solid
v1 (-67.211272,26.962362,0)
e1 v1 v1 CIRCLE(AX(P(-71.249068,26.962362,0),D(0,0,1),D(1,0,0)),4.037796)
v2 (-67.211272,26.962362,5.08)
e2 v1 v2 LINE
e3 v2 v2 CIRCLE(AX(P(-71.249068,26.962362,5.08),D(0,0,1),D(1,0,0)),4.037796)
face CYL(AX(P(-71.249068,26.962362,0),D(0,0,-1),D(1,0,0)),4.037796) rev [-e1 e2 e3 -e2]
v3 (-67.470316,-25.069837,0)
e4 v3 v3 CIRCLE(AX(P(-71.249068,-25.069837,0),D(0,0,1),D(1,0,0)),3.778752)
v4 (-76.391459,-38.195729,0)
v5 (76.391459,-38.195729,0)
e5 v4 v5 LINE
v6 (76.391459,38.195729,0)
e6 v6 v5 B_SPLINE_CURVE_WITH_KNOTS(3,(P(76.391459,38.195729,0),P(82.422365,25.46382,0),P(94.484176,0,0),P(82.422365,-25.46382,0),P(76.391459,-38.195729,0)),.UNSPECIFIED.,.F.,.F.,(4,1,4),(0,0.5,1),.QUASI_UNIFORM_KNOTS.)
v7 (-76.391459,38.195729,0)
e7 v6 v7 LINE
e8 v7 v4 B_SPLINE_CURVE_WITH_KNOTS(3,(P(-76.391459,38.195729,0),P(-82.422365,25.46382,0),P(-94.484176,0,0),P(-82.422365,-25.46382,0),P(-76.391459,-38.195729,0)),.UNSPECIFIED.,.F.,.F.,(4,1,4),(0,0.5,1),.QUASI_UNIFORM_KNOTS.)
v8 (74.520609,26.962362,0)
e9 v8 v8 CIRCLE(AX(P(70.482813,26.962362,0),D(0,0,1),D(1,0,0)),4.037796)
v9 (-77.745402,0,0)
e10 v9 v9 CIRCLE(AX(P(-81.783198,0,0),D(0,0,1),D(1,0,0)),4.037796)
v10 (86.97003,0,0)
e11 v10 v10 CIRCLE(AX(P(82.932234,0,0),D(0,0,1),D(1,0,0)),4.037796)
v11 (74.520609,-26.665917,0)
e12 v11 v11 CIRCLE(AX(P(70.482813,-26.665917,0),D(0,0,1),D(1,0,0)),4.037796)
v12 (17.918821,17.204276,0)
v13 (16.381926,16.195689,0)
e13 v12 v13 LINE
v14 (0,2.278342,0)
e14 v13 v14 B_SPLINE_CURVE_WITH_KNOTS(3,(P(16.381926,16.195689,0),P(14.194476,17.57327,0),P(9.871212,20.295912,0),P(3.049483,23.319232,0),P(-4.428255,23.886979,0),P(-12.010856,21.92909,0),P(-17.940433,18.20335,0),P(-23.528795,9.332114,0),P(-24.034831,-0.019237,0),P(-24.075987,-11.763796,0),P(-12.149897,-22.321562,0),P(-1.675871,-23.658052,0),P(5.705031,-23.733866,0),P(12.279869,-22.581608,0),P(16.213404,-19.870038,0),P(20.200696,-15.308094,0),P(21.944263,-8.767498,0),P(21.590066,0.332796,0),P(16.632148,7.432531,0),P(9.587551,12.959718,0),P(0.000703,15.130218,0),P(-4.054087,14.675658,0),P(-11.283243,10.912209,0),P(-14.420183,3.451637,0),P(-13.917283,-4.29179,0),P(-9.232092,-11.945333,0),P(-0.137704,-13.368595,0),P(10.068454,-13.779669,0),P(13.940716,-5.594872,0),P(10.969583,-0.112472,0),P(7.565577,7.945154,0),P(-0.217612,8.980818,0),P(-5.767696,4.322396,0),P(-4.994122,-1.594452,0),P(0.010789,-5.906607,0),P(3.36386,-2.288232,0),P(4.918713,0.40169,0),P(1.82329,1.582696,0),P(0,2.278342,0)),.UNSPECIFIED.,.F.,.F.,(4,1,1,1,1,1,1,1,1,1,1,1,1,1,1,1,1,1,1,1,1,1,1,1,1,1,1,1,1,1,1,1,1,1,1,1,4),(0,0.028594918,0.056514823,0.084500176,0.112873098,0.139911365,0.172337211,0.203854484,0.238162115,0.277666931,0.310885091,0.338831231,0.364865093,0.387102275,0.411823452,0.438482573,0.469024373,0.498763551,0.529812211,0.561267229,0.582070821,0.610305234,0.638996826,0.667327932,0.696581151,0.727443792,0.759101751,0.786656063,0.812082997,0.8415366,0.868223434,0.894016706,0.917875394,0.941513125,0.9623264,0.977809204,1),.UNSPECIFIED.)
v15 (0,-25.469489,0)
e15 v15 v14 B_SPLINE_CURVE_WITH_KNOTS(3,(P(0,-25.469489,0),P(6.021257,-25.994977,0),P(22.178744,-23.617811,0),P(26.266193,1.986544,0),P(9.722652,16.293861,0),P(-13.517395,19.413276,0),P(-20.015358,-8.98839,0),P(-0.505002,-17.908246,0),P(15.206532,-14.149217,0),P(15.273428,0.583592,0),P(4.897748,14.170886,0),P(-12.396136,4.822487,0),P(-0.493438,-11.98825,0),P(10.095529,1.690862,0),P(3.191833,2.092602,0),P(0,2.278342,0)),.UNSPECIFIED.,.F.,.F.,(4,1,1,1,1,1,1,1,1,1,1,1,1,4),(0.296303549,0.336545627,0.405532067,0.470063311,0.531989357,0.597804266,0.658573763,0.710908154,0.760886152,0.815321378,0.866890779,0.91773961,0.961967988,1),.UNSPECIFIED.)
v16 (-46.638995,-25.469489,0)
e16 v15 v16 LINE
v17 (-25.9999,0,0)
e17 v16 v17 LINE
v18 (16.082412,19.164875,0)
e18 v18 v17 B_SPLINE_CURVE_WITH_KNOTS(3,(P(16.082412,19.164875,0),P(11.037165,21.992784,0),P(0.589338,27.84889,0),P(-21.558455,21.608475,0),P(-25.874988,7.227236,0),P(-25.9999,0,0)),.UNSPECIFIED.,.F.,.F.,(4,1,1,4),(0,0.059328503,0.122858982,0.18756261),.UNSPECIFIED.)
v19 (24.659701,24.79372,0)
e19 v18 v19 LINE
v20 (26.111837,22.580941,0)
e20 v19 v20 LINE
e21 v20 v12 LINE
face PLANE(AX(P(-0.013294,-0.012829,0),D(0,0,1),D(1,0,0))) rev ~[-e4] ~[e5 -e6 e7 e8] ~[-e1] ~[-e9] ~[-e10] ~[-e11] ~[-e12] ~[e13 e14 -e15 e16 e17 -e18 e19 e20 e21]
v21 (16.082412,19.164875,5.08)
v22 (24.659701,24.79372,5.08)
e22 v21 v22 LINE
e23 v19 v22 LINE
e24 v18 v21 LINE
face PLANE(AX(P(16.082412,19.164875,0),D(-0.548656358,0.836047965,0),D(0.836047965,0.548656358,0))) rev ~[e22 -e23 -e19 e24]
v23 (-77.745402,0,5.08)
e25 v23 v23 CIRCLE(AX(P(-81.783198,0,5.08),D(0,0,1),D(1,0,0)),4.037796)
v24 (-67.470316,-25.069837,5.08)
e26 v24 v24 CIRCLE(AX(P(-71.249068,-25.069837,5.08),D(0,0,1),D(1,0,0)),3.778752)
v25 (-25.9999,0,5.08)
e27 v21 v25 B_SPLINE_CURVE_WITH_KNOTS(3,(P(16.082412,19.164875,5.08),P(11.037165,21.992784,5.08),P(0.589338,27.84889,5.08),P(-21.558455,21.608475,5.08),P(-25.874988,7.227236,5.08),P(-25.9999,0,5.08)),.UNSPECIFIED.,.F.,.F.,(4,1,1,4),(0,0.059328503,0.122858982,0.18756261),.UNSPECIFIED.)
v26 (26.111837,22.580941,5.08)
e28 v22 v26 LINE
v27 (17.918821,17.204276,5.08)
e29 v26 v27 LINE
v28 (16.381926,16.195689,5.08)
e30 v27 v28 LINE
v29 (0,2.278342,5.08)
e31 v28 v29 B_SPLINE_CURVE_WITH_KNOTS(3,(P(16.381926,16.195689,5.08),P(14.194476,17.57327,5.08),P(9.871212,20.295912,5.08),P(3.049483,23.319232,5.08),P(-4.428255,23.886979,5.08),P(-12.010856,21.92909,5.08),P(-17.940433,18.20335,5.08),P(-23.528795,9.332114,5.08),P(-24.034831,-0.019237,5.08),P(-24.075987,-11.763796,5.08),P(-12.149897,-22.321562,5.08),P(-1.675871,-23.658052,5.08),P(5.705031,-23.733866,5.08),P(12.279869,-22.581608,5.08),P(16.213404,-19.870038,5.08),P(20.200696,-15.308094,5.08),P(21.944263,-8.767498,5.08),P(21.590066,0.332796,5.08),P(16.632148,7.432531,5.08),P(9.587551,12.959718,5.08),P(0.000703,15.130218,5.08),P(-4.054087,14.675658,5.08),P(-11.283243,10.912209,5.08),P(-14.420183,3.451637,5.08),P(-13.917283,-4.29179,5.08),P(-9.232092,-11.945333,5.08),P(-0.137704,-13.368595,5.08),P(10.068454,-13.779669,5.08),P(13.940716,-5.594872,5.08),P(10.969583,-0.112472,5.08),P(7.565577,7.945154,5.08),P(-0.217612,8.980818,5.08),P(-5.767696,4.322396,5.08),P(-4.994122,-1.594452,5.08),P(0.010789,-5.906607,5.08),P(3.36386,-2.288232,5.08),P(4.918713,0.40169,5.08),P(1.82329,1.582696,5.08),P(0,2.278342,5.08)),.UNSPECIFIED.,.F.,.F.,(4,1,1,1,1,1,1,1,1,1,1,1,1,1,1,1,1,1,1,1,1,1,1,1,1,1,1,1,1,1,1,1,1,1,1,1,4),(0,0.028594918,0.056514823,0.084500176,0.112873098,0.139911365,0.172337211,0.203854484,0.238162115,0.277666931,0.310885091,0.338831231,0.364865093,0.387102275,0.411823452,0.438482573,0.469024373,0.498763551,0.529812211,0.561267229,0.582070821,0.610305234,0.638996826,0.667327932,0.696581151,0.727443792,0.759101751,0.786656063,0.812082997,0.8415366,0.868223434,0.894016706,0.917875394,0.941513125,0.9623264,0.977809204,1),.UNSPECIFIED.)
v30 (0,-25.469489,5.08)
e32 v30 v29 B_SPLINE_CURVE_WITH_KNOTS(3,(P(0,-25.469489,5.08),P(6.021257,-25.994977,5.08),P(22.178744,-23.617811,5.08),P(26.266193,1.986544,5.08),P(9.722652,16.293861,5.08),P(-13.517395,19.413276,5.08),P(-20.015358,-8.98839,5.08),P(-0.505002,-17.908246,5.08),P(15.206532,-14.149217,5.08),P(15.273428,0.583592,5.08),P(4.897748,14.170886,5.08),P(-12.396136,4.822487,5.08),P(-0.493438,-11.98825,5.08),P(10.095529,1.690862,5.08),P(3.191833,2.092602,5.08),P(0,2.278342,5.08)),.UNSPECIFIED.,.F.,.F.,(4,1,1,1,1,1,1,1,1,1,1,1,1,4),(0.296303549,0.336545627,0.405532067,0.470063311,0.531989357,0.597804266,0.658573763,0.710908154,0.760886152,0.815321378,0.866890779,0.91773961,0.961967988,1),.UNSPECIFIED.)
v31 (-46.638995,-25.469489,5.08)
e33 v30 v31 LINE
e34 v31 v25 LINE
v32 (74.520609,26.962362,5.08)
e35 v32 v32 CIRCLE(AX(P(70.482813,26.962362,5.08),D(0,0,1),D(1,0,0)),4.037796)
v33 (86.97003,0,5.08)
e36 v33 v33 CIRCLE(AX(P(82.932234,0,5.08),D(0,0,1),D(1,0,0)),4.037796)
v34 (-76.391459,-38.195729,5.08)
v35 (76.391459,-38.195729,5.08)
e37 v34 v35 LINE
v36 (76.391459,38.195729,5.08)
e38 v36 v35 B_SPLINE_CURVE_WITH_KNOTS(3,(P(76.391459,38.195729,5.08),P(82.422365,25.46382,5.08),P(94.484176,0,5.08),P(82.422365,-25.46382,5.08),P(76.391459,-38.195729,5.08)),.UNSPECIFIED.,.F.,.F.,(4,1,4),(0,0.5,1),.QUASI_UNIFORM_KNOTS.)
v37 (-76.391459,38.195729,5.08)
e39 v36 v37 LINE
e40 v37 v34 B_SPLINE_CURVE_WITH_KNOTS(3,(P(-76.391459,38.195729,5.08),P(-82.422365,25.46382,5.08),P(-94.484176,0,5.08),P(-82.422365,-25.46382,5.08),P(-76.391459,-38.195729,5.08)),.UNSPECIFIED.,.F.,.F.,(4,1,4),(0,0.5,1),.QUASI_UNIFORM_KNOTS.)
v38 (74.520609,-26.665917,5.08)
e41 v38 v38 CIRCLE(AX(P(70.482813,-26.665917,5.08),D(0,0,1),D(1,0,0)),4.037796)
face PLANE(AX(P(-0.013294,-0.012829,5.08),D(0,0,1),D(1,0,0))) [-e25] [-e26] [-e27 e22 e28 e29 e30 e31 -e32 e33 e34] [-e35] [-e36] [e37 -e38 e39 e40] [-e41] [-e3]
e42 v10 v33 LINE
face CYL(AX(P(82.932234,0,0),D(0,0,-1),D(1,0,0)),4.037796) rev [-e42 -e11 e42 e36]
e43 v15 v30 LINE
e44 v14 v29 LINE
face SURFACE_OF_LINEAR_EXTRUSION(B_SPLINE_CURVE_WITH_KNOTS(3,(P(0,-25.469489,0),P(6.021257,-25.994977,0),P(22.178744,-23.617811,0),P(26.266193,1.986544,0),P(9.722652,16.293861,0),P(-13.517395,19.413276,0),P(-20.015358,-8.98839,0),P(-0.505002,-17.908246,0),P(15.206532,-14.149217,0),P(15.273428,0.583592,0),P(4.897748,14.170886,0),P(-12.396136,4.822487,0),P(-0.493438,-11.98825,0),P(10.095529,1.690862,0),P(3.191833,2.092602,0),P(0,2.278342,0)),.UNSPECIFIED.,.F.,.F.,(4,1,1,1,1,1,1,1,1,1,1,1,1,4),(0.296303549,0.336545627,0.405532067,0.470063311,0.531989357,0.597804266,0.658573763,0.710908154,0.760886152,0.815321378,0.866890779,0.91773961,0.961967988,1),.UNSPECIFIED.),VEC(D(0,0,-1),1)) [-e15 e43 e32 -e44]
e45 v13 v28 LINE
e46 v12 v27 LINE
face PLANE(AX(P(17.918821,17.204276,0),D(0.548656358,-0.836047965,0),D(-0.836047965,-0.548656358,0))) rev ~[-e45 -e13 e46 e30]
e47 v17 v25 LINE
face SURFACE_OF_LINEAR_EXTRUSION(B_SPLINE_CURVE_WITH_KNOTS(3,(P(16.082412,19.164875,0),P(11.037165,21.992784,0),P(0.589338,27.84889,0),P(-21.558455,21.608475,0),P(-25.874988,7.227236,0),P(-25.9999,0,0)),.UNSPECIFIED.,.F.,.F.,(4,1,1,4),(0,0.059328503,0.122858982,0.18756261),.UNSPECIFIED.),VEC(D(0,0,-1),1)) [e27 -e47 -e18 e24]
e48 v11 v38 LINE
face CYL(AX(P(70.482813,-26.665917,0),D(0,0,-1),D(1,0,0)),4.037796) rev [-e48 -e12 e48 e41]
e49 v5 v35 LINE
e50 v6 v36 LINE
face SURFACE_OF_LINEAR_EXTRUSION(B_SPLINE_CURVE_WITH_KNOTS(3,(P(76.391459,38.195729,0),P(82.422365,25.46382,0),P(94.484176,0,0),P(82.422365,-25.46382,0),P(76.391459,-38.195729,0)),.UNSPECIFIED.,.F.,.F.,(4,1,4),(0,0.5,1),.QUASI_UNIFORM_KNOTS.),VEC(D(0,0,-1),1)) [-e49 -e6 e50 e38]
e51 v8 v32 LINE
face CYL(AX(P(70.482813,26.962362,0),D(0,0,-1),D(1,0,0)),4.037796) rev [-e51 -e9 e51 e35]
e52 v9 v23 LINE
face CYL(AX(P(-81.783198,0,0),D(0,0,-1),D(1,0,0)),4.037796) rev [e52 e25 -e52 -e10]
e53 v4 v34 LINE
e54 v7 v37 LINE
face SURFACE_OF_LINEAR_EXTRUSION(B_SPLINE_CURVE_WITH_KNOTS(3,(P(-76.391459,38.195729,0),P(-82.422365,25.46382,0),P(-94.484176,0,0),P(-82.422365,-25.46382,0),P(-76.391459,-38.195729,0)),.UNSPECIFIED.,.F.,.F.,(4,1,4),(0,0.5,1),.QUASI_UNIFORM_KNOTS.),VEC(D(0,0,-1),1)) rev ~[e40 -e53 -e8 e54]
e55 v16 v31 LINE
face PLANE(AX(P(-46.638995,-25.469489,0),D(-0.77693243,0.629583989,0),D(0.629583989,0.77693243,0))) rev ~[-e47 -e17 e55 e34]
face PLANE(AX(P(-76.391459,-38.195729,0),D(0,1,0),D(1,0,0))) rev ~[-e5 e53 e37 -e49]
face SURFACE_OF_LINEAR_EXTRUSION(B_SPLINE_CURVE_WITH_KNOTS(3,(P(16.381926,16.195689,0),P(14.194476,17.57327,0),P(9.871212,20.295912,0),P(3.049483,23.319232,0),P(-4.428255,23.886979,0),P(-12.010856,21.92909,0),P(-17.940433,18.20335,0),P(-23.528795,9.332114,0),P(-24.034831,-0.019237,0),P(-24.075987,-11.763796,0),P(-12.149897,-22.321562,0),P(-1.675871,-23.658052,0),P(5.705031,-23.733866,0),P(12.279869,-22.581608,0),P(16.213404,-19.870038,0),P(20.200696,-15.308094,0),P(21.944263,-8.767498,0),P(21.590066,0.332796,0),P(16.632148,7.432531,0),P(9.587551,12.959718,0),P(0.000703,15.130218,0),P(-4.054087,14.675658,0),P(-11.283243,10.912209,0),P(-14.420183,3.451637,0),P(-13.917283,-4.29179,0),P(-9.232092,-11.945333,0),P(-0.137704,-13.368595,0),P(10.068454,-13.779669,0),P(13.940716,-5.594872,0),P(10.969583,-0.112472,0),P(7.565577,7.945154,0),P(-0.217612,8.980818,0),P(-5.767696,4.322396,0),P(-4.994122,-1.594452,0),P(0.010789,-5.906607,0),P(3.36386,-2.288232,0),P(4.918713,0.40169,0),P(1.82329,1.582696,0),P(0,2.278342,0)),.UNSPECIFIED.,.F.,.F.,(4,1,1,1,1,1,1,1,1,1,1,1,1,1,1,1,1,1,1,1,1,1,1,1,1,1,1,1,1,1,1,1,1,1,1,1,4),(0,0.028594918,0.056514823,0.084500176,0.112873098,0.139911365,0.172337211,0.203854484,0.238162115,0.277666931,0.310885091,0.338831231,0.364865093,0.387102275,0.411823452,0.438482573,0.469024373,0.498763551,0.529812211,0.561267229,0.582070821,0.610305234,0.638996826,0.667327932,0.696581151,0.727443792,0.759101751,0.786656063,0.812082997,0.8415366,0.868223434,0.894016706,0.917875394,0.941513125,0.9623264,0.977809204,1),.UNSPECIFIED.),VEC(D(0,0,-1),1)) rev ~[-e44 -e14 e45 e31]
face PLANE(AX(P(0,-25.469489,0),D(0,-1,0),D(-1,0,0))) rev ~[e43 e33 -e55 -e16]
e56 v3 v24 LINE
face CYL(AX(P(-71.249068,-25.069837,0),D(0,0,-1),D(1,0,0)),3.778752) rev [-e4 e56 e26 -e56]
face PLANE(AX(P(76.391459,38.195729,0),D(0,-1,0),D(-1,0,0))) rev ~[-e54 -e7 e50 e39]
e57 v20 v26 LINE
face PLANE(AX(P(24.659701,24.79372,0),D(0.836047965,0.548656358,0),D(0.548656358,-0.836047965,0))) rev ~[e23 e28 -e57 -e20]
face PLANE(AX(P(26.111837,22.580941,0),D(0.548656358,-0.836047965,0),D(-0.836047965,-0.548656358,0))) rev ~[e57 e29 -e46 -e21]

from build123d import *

# Parameters (mm, degrees)
F0_R     = 3.7787519417
F0_R_2   = 4.0377959095
F1_DEPTH = 5.08
F2_DEPTH = 5.08


with BuildPart() as f1:
    # F0 (on Top) → F1 (new body)
    with BuildSketch(Plane.XY):
        with BuildLine():
            Line((76.3914585114, 38.1957292557), (0, 38.1957292557))
            Line((0, 38.1957292557), (-22.5648546397, 38.1957292557))
            add(Edge.make_bspline(
                [(-40.8889541995, 38.1957292557), (-34.7211953947, 36.637008824), (-27.9158040374, 36.4560822958), (-22.5648546397, 38.1957292557)],
                knots=[0.2817975312, 0.2817975312, 0.2817975312, 0.2817975312, 0.3242989249, 0.3242989249, 0.3242989249, 0.3242989249], degree=3))
            Line((-40.8889541995, 38.1957292557), (-76.3914585114, 38.1957292557))
            add(Edge.make_bspline(
                [(-76.3914585114, 38.1957292557), (-82.4223645031, 25.4638195038), (-94.4841764867, 0), (-82.4223645031, -25.4638195038), (-76.3914585114, -38.1957292557)],
                knots=[0, 0, 0, 0, 0.5, 1, 1, 1, 1], degree=3))
            Line((-76.3914585114, -38.1957292557), (0, -38.1957292557))
            Line((0, -38.1957292557), (76.3914585114, -38.1957292557))
            add(Edge.make_bspline(
                [(76.3914585114, 38.1957292557), (82.4223645031, 25.4638195038), (94.4841764867, 0), (82.4223645031, -25.4638195038), (76.3914585114, -38.1957292557)],
                knots=[0, 0, 0, 0, 0.5, 1, 1, 1, 1], degree=3))
        make_face()
        with Locations((-71.2490677834, -25.0698365271)):
            Circle(F0_R, mode=Mode.SUBTRACT)
        with Locations((70.4828128219, -26.6659166664)):
            Circle(F0_R_2, mode=Mode.SUBTRACT)
        with Locations((-81.7831978202, 0)):
            Circle(F0_R_2, mode=Mode.SUBTRACT)
        with BuildLine():
            add(Edge.make_bspline(
                [(16.0824116319, 19.1648751497), (11.0371645032, 21.9927841214), (0.5893376288, 27.8488903932), (-21.5584551846, 21.6084745712), (-25.8749879463, 7.2272355313), (-25.9998999536, 0)],
                knots=[0, 0, 0, 0, 0.0593285028, 0.122858982, 0.1875626095, 0.1875626095, 0.1875626095, 0.1875626095], degree=3))
            Line((16.0824116319, 19.1648751497), (24.6597006917, 24.7937198728))
            Line((24.6597006917, 24.7937198728), (26.111836532, 22.580940969))
            Line((26.111836532, 22.580940969), (17.9188209011, 17.2042756289))
            Line((17.9188209011, 17.2042756289), (16.381926274, 16.1956887488))
            add(Edge.make_bspline(
                [(16.381926274, 16.1956887488), (14.1944757295, 17.5732696778), (9.871211708, 20.295912291), (3.0494832614, 23.3192317641), (-4.4282551272, 23.8869789557), (-12.0108559827, 21.9290897341), (-17.9404329976, 18.2033501808), (-23.5287952094, 9.3321135613), (-24.0348308476, -0.0192366054), (-24.0759867659, -11.7637963204), (-12.1498971788, -22.321562261), (-1.6758714904, -23.6580522915), (5.7050307728, -23.7338662743), (12.2798685455, -22.5816075788), (16.2134039593, -19.8700384097), (20.2006962064, -15.3080937159), (21.94426313, -8.7674980033), (21.5900657351, 0.3327958522), (16.6321479041, 7.4325306143), (9.5875509661, 12.9597183602), (0.0007034373, 15.1302182285), (-4.0540867158, 14.6756583848), (-11.2832427089, 10.9122091065), (-14.4201831232, 3.4516371288), (-13.9172830677, -4.2917898459), (-9.2320923768, -11.9453332165), (-0.1377039314, -13.3685952827), (10.0684536606, -13.7796692705), (13.9407164537, -5.5948715062), (10.9695829574, -0.1124717167), (7.5655766381, 7.9451543463), (-0.217611534, 8.9808183426), (-5.7676955098, 4.3223959308), (-4.9941223785, -1.5944520271), (0.0107892993, -5.9066066463), (3.3638599633, -2.288232212), (4.9187132739, 0.4016900411), (1.823290151, 1.5826962413), (0, 2.2783416789)],
                knots=[0, 0, 0, 0, 0.028594918, 0.0565148228, 0.0845001763, 0.1128730976, 0.1399113652, 0.1723372113, 0.203854484, 0.2381621152, 0.2776669315, 0.3108850914, 0.3388312312, 0.3648650929, 0.3871022745, 0.4118234519, 0.4384825725, 0.4690243729, 0.498763551, 0.5298122114, 0.5612672287, 0.5820708206, 0.6103052345, 0.6389968261, 0.6673279316, 0.6965811515, 0.727443792, 0.759101751, 0.7866560628, 0.8120829972, 0.8415365999, 0.8682234344, 0.8940167061, 0.9178753942, 0.9415131255, 0.9623264003, 0.9778092039, 1, 1, 1, 1], degree=3))
            add(Edge.make_bspline(
                [(0, -25.4694891454), (6.0212567343, -25.9949773313), (22.1787441194, -23.6178108846), (26.2661928073, 1.986543979), (9.7226515112, 16.2938611097), (-13.5173949154, 19.4132763358), (-20.015358443, -8.9883902426), (-0.5050016078, -17.9082455598), (15.2065324186, -14.1492166648), (15.2734281638, 0.5835924558), (4.8977484454, 14.1708859416), (-12.3961359634, 4.8224869596), (-0.4934383857, -11.9882499871), (10.0955294907, 1.6908619906), (3.1918333574, 2.092602311), (0, 2.2783416789)],
                knots=[0.2963035494, 0.2963035494, 0.2963035494, 0.2963035494, 0.3365456266, 0.4055320666, 0.4700633109, 0.5319893575, 0.5978042659, 0.6585737627, 0.710908154, 0.7608861517, 0.8153213782, 0.8668907787, 0.9177396101, 0.9619679877, 1, 1, 1, 1], degree=3))
            Line((0, -25.4694891454), (-46.638995409, -25.4694891454))
            Line((-46.638995409, -25.4694891454), (-25.9998999536, 0))
        make_face(mode=Mode.SUBTRACT)
        with Locations((-71.2490677834, 26.9623622298)):
            Circle(F0_R_2, mode=Mode.SUBTRACT)
        with Locations((82.9322338104, 0)):
            Circle(F0_R_2, mode=Mode.SUBTRACT)
        with Locations((70.4828128219, 26.9623622298)):
            Circle(F0_R_2, mode=Mode.SUBTRACT)
        with BuildLine():
            add(Edge.make_bspline(
                [(-40.8889541995, 38.1957292557), (-34.7211953947, 36.637008824), (-27.9158040374, 36.4560822958), (-22.5648546397, 38.1957292557)],
                knots=[0.2817975312, 0.2817975312, 0.2817975312, 0.2817975312, 0.3242989249, 0.3242989249, 0.3242989249, 0.3242989249], degree=3))
            Line((-22.5648546397, 38.1957292557), (-40.8889541995, 38.1957292557))
        make_face()
    extrude(amount=F1_DEPTH)

    # F0 (on Top) → F2 (join)
    with BuildSketch(Plane.XY):
        with BuildLine():
            Line((76.3914585114, 38.1957292557), (0, 38.1957292557))
            Line((0, 38.1957292557), (-22.5648546397, 38.1957292557))
            add(Edge.make_bspline(
                [(-40.8889541995, 38.1957292557), (-34.7211953947, 36.637008824), (-27.9158040374, 36.4560822958), (-22.5648546397, 38.1957292557)],
                knots=[0.2817975312, 0.2817975312, 0.2817975312, 0.2817975312, 0.3242989249, 0.3242989249, 0.3242989249, 0.3242989249], degree=3))
            Line((-40.8889541995, 38.1957292557), (-76.3914585114, 38.1957292557))
            add(Edge.make_bspline(
                [(-76.3914585114, 38.1957292557), (-82.4223645031, 25.4638195038), (-94.4841764867, 0), (-82.4223645031, -25.4638195038), (-76.3914585114, -38.1957292557)],
                knots=[0, 0, 0, 0, 0.5, 1, 1, 1, 1], degree=3))
            Line((-76.3914585114, -38.1957292557), (0, -38.1957292557))
            Line((0, -38.1957292557), (76.3914585114, -38.1957292557))
            add(Edge.make_bspline(
                [(76.3914585114, 38.1957292557), (82.4223645031, 25.4638195038), (94.4841764867, 0), (82.4223645031, -25.4638195038), (76.3914585114, -38.1957292557)],
                knots=[0, 0, 0, 0, 0.5, 1, 1, 1, 1], degree=3))
        make_face()
        with Locations((-71.2490677834, -25.0698365271)):
            Circle(F0_R, mode=Mode.SUBTRACT)
        with Locations((70.4828128219, -26.6659166664)):
            Circle(F0_R_2, mode=Mode.SUBTRACT)
        with Locations((-81.7831978202, 0)):
            Circle(F0_R_2, mode=Mode.SUBTRACT)
        with BuildLine():
            add(Edge.make_bspline(
                [(16.0824116319, 19.1648751497), (11.0371645032, 21.9927841214), (0.5893376288, 27.8488903932), (-21.5584551846, 21.6084745712), (-25.8749879463, 7.2272355313), (-25.9998999536, 0)],
                knots=[0, 0, 0, 0, 0.0593285028, 0.122858982, 0.1875626095, 0.1875626095, 0.1875626095, 0.1875626095], degree=3))
            Line((16.0824116319, 19.1648751497), (24.6597006917, 24.7937198728))
            Line((24.6597006917, 24.7937198728), (26.111836532, 22.580940969))
            Line((26.111836532, 22.580940969), (17.9188209011, 17.2042756289))
            Line((17.9188209011, 17.2042756289), (16.381926274, 16.1956887488))
            add(Edge.make_bspline(
                [(16.381926274, 16.1956887488), (14.1944757295, 17.5732696778), (9.871211708, 20.295912291), (3.0494832614, 23.3192317641), (-4.4282551272, 23.8869789557), (-12.0108559827, 21.9290897341), (-17.9404329976, 18.2033501808), (-23.5287952094, 9.3321135613), (-24.0348308476, -0.0192366054), (-24.0759867659, -11.7637963204), (-12.1498971788, -22.321562261), (-1.6758714904, -23.6580522915), (5.7050307728, -23.7338662743), (12.2798685455, -22.5816075788), (16.2134039593, -19.8700384097), (20.2006962064, -15.3080937159), (21.94426313, -8.7674980033), (21.5900657351, 0.3327958522), (16.6321479041, 7.4325306143), (9.5875509661, 12.9597183602), (0.0007034373, 15.1302182285), (-4.0540867158, 14.6756583848), (-11.2832427089, 10.9122091065), (-14.4201831232, 3.4516371288), (-13.9172830677, -4.2917898459), (-9.2320923768, -11.9453332165), (-0.1377039314, -13.3685952827), (10.0684536606, -13.7796692705), (13.9407164537, -5.5948715062), (10.9695829574, -0.1124717167), (7.5655766381, 7.9451543463), (-0.217611534, 8.9808183426), (-5.7676955098, 4.3223959308), (-4.9941223785, -1.5944520271), (0.0107892993, -5.9066066463), (3.3638599633, -2.288232212), (4.9187132739, 0.4016900411), (1.823290151, 1.5826962413), (0, 2.2783416789)],
                knots=[0, 0, 0, 0, 0.028594918, 0.0565148228, 0.0845001763, 0.1128730976, 0.1399113652, 0.1723372113, 0.203854484, 0.2381621152, 0.2776669315, 0.3108850914, 0.3388312312, 0.3648650929, 0.3871022745, 0.4118234519, 0.4384825725, 0.4690243729, 0.498763551, 0.5298122114, 0.5612672287, 0.5820708206, 0.6103052345, 0.6389968261, 0.6673279316, 0.6965811515, 0.727443792, 0.759101751, 0.7866560628, 0.8120829972, 0.8415365999, 0.8682234344, 0.8940167061, 0.9178753942, 0.9415131255, 0.9623264003, 0.9778092039, 1, 1, 1, 1], degree=3))
            add(Edge.make_bspline(
                [(0, -25.4694891454), (6.0212567343, -25.9949773313), (22.1787441194, -23.6178108846), (26.2661928073, 1.986543979), (9.7226515112, 16.2938611097), (-13.5173949154, 19.4132763358), (-20.015358443, -8.9883902426), (-0.5050016078, -17.9082455598), (15.2065324186, -14.1492166648), (15.2734281638, 0.5835924558), (4.8977484454, 14.1708859416), (-12.3961359634, 4.8224869596), (-0.4934383857, -11.9882499871), (10.0955294907, 1.6908619906), (3.1918333574, 2.092602311), (0, 2.2783416789)],
                knots=[0.2963035494, 0.2963035494, 0.2963035494, 0.2963035494, 0.3365456266, 0.4055320666, 0.4700633109, 0.5319893575, 0.5978042659, 0.6585737627, 0.710908154, 0.7608861517, 0.8153213782, 0.8668907787, 0.9177396101, 0.9619679877, 1, 1, 1, 1], degree=3))
            Line((0, -25.4694891454), (-46.638995409, -25.4694891454))
            Line((-46.638995409, -25.4694891454), (-25.9998999536, 0))
        make_face(mode=Mode.SUBTRACT)
        with Locations((-71.2490677834, 26.9623622298)):
            Circle(F0_R_2, mode=Mode.SUBTRACT)
        with Locations((82.9322338104, 0)):
            Circle(F0_R_2, mode=Mode.SUBTRACT)
        with Locations((70.4828128219, 26.9623622298)):
            Circle(F0_R_2, mode=Mode.SUBTRACT)
        with BuildLine():
            add(Edge.make_bspline(
                [(-40.8889541995, 38.1957292557), (-34.7211953947, 36.637008824), (-27.9158040374, 36.4560822958), (-22.5648546397, 38.1957292557)],
                knots=[0.2817975312, 0.2817975312, 0.2817975312, 0.2817975312, 0.3242989249, 0.3242989249, 0.3242989249, 0.3242989249], degree=3))
            Line((-22.5648546397, 38.1957292557), (-40.8889541995, 38.1957292557))
        make_face()
    extrude(amount=F2_DEPTH)


solid = f1.part
